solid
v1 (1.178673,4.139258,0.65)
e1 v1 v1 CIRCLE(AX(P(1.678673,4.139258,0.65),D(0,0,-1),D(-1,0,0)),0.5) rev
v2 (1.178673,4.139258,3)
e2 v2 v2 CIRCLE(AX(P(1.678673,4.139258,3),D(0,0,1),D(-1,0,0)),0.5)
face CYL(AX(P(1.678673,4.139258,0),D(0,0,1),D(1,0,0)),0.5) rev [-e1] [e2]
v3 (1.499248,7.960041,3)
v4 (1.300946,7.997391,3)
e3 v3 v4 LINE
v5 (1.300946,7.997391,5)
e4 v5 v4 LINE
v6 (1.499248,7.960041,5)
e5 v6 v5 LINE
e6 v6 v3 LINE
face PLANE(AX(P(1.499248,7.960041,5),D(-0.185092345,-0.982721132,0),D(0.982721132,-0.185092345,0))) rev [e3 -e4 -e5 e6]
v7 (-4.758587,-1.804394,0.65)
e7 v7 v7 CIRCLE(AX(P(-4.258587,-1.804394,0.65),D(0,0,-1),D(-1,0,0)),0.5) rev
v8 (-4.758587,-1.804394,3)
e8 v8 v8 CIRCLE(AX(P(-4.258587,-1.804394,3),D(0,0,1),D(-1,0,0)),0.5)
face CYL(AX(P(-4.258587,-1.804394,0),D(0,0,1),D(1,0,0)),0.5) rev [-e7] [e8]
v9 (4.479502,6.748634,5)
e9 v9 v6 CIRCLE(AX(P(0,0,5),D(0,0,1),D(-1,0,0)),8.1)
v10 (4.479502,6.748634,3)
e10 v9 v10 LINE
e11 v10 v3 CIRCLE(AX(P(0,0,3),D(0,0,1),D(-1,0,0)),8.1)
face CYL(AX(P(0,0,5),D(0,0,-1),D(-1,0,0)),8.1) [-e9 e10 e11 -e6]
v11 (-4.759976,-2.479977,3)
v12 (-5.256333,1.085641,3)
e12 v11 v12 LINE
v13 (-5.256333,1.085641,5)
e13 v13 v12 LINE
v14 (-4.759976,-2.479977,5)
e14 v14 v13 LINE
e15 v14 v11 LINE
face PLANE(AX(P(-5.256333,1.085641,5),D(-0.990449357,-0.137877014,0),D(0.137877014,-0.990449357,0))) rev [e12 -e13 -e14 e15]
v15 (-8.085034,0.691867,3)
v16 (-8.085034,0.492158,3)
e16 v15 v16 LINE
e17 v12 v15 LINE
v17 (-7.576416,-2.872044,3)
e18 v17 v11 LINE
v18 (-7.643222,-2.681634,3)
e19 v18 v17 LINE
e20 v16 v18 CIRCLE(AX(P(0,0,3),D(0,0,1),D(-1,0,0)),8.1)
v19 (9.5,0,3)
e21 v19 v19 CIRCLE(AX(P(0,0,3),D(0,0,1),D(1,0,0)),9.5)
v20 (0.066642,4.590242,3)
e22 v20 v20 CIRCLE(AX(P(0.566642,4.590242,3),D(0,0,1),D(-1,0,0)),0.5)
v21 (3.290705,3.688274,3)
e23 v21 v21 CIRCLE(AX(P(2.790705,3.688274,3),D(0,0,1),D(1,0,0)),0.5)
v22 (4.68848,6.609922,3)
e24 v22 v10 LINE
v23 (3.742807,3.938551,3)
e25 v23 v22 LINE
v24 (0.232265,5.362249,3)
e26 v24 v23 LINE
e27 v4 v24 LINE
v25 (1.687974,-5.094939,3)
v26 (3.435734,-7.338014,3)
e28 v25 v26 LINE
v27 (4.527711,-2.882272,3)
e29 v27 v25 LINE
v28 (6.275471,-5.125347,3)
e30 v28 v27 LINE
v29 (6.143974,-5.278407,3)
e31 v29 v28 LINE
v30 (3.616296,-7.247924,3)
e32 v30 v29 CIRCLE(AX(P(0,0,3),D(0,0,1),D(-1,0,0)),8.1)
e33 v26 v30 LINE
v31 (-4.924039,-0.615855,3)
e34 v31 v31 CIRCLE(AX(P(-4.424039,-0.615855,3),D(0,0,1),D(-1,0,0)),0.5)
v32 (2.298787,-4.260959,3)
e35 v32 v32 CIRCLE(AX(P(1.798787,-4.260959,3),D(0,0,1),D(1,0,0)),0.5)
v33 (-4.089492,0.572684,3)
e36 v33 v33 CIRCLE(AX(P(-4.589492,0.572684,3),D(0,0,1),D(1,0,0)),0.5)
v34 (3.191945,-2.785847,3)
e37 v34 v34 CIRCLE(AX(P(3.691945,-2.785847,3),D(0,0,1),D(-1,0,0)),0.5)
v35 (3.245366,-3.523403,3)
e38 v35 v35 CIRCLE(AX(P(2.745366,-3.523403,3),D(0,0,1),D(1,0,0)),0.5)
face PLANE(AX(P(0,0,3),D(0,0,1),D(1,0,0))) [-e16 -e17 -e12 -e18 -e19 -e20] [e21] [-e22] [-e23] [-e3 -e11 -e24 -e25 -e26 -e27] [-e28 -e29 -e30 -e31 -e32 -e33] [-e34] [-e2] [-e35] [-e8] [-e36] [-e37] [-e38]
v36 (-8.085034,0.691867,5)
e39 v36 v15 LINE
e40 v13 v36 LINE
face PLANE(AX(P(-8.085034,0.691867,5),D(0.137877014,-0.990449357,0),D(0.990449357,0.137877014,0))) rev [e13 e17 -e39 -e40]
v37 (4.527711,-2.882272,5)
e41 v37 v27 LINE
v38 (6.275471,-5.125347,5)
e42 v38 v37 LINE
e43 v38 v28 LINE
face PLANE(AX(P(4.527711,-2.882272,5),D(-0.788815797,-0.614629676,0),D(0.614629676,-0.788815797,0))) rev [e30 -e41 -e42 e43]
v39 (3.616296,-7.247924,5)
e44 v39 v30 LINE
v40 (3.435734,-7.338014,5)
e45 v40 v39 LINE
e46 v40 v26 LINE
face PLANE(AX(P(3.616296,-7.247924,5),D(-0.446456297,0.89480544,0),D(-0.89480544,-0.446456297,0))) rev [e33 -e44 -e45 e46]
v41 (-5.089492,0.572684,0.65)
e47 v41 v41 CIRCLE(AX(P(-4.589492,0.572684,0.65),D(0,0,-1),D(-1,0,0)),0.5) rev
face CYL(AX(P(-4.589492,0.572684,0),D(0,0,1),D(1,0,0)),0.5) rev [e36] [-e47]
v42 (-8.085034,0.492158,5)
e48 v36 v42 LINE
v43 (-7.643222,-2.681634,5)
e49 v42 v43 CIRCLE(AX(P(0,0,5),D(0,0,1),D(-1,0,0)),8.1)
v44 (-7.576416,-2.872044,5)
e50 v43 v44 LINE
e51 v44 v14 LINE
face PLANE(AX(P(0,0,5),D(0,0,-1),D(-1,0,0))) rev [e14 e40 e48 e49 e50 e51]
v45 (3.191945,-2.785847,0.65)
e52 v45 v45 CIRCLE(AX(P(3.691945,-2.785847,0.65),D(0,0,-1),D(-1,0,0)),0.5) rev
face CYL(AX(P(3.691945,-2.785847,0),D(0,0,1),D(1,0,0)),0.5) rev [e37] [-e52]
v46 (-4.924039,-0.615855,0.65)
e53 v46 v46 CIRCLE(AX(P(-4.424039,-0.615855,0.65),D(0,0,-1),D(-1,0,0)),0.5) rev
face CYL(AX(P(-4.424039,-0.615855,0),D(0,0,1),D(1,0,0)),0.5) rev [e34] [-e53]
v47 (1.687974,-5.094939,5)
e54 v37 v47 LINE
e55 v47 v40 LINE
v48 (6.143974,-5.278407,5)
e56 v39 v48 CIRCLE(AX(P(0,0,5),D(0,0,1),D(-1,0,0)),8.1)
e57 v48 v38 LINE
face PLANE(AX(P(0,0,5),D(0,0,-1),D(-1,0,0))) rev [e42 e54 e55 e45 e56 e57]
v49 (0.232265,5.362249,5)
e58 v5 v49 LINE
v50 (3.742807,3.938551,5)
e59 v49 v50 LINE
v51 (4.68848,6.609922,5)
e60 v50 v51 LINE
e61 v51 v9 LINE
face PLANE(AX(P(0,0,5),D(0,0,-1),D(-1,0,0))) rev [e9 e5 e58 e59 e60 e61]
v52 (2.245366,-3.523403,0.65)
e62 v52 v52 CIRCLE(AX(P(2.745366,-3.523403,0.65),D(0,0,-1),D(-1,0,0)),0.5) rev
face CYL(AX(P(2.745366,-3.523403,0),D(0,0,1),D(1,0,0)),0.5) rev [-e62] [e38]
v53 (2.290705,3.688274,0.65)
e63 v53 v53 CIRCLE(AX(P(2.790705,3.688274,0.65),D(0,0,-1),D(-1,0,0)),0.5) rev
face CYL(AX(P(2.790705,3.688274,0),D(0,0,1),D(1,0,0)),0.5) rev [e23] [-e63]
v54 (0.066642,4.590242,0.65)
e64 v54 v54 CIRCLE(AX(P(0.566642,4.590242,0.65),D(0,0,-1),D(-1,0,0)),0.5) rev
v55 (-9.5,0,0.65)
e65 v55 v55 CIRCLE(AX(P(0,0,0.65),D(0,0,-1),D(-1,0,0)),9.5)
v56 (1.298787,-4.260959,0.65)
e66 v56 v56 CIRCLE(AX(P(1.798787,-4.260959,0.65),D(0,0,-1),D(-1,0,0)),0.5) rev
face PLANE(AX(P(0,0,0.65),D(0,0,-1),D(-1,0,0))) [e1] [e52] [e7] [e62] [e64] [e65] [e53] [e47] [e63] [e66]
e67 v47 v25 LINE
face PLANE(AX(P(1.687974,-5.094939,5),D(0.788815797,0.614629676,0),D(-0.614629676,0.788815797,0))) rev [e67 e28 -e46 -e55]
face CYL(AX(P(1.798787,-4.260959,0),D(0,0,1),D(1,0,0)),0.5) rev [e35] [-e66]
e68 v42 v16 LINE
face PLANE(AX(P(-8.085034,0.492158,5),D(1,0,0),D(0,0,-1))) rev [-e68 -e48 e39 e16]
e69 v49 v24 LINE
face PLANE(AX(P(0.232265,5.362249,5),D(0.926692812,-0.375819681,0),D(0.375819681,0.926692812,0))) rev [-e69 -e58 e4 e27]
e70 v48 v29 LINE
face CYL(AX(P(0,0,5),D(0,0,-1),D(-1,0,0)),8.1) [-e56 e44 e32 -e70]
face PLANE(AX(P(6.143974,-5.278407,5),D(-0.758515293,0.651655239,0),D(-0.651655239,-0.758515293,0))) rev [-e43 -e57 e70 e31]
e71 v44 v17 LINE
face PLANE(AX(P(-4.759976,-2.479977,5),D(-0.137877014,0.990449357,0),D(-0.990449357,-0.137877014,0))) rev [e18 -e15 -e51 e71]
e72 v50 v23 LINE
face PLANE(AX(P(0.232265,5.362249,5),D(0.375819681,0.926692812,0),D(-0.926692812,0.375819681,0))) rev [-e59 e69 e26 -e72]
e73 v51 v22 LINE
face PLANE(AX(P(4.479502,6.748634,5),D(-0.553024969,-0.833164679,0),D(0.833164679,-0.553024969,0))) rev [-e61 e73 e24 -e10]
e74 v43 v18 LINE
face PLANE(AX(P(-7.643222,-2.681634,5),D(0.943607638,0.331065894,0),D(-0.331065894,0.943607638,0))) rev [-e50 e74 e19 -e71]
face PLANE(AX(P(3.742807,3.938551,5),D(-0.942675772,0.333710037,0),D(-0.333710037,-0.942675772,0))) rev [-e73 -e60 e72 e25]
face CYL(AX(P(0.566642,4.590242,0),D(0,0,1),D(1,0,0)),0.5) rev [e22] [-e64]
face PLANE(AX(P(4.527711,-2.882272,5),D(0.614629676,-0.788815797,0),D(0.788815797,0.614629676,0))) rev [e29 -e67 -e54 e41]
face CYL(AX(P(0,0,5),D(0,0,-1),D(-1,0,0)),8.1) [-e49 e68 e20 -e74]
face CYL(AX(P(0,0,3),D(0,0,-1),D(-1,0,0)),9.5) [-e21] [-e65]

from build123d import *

# Parameters (mm, degrees)
SKETCH2_R           = 9.5
SKETCH2_R_2         = 5.15
BOSS_EXTRUDE1_DEPTH = 3
BOSS_EXTRUDE2_DEPTH = 2
SKETCH4_R           = 5.15
BOSS_EXTRUDE3_DEPTH = 3
SKETCH5_R           = 0.5
CUT_EXTRUDE1_DEPTH  = 14.765899898
SKETCH6_R           = 9.5
CUT_EXTRUDE2_DEPTH  = 0.65


with BuildPart() as part:
    # Sketch2 → Boss-Extrude1 (new body)
    with BuildSketch(Plane.XY):
        Circle(SKETCH2_R)
        Circle(SKETCH2_R_2, mode=Mode.SUBTRACT)
    extrude(amount=BOSS_EXTRUDE1_DEPTH)

    # Sketch3 → Boss-Extrude2 (add)
    with BuildSketch(Plane.XY.offset(3)):
        with BuildLine():
            Line((6.143973875, -5.278407433), (6.275470836, -5.125347271))
            Line((6.275470836, -5.125347271), (4.527710902, -2.882271968))
            Line((4.527710902, -2.882271968), (1.687974032, -5.0949388))
            Line((1.687974032, -5.0949388), (3.435733966, -7.338014103))
            Line((3.435733966, -7.338014103), (3.616296002, -7.247924063))
            ThreePointArc((3.616296002, -7.247924063), (4.978500372, -6.389407957), (6.143973875, -5.278407433))
        make_face()
        with BuildLine():
            Line((-8.085034364, 0.691867379), (-5.256333448, 1.085641007))
            Line((-5.256333448, 1.085641007), (-4.759976196, -2.479976678))
            Line((-4.759976196, -2.479976678), (-7.576416358, -2.872043529))
            Line((-7.576416358, -2.872043529), (-7.643221866, -2.68163374))
            ThreePointArc((-7.643221866, -2.68163374), (-8.022639792, -1.116803816), (-8.085034364, 0.492157827))
            Line((-8.085034364, 0.492157827), (-8.085034364, 0.691867379))
        make_face()
        with BuildLine():
            Line((3.742806644, 3.938550831), (4.68847999, 6.609921942))
            Line((4.68847999, 6.609921942), (4.479502253, 6.748633904))
            ThreePointArc((4.479502253, 6.748633904), (3.050121393, 7.503783012), (1.499247991, 7.960041172))
            Line((1.499247991, 7.960041172), (1.300945522, 7.9973908))
            Line((1.300945522, 7.9973908), (0.232265294, 5.362248647))
            Line((0.232265294, 5.362248647), (3.742806644, 3.938550831))
        make_face()
    extrude(amount=BOSS_EXTRUDE2_DEPTH)

    # Sketch4 → Boss-Extrude3 (add)
    with BuildSketch(Plane(origin=(0, 0, 0), x_dir=(-1, 0, 0), z_dir=(0, 0, -1))):
        Circle(SKETCH4_R)
    extrude(amount=-BOSS_EXTRUDE3_DEPTH)

    # Sketch5 → Cut-Extrude1 (cut, through all)
    with BuildSketch(Plane.XY.offset(3)):
        with Locations((2.745365917, -3.523402937)):
            Circle(SKETCH5_R)
        with Locations((1.79878696, -4.260958548)):
            Circle(SKETCH5_R)
        with Locations(Location((3.691944873, -2.785847327, 0), (0, 0, 180))):
            Circle(SKETCH5_R)
        with Locations(Location((0.566642119, 4.590241713, 0), (0, 0, 180))):
            Circle(SKETCH5_R)
        with Locations(Location((1.678673493, 4.139258095, 0), (0, 0, 180))):
            Circle(SKETCH5_R)
        with Locations((2.790704867, 3.688274478)):
            Circle(SKETCH5_R)
        with Locations(Location((-4.258586993, -1.804394387, 0), (0, 0, 180))):
            Circle(SKETCH5_R)
        with Locations(Location((-4.42403941, -0.615855158, 0), (0, 0, 180))):
            Circle(SKETCH5_R)
        with Locations((-4.589491827, 0.57268407)):
            Circle(SKETCH5_R)
    extrude(amount=-CUT_EXTRUDE1_DEPTH, mode=Mode.SUBTRACT)

    # Sketch6 → Cut-Extrude2 (cut)
    with BuildSketch(Plane(origin=(0, 0, 0), x_dir=(-1, 0, 0), z_dir=(0, 0, -1))):
        Circle(SKETCH6_R)
    extrude(amount=-CUT_EXTRUDE2_DEPTH, mode=Mode.SUBTRACT)


solid = part.part
